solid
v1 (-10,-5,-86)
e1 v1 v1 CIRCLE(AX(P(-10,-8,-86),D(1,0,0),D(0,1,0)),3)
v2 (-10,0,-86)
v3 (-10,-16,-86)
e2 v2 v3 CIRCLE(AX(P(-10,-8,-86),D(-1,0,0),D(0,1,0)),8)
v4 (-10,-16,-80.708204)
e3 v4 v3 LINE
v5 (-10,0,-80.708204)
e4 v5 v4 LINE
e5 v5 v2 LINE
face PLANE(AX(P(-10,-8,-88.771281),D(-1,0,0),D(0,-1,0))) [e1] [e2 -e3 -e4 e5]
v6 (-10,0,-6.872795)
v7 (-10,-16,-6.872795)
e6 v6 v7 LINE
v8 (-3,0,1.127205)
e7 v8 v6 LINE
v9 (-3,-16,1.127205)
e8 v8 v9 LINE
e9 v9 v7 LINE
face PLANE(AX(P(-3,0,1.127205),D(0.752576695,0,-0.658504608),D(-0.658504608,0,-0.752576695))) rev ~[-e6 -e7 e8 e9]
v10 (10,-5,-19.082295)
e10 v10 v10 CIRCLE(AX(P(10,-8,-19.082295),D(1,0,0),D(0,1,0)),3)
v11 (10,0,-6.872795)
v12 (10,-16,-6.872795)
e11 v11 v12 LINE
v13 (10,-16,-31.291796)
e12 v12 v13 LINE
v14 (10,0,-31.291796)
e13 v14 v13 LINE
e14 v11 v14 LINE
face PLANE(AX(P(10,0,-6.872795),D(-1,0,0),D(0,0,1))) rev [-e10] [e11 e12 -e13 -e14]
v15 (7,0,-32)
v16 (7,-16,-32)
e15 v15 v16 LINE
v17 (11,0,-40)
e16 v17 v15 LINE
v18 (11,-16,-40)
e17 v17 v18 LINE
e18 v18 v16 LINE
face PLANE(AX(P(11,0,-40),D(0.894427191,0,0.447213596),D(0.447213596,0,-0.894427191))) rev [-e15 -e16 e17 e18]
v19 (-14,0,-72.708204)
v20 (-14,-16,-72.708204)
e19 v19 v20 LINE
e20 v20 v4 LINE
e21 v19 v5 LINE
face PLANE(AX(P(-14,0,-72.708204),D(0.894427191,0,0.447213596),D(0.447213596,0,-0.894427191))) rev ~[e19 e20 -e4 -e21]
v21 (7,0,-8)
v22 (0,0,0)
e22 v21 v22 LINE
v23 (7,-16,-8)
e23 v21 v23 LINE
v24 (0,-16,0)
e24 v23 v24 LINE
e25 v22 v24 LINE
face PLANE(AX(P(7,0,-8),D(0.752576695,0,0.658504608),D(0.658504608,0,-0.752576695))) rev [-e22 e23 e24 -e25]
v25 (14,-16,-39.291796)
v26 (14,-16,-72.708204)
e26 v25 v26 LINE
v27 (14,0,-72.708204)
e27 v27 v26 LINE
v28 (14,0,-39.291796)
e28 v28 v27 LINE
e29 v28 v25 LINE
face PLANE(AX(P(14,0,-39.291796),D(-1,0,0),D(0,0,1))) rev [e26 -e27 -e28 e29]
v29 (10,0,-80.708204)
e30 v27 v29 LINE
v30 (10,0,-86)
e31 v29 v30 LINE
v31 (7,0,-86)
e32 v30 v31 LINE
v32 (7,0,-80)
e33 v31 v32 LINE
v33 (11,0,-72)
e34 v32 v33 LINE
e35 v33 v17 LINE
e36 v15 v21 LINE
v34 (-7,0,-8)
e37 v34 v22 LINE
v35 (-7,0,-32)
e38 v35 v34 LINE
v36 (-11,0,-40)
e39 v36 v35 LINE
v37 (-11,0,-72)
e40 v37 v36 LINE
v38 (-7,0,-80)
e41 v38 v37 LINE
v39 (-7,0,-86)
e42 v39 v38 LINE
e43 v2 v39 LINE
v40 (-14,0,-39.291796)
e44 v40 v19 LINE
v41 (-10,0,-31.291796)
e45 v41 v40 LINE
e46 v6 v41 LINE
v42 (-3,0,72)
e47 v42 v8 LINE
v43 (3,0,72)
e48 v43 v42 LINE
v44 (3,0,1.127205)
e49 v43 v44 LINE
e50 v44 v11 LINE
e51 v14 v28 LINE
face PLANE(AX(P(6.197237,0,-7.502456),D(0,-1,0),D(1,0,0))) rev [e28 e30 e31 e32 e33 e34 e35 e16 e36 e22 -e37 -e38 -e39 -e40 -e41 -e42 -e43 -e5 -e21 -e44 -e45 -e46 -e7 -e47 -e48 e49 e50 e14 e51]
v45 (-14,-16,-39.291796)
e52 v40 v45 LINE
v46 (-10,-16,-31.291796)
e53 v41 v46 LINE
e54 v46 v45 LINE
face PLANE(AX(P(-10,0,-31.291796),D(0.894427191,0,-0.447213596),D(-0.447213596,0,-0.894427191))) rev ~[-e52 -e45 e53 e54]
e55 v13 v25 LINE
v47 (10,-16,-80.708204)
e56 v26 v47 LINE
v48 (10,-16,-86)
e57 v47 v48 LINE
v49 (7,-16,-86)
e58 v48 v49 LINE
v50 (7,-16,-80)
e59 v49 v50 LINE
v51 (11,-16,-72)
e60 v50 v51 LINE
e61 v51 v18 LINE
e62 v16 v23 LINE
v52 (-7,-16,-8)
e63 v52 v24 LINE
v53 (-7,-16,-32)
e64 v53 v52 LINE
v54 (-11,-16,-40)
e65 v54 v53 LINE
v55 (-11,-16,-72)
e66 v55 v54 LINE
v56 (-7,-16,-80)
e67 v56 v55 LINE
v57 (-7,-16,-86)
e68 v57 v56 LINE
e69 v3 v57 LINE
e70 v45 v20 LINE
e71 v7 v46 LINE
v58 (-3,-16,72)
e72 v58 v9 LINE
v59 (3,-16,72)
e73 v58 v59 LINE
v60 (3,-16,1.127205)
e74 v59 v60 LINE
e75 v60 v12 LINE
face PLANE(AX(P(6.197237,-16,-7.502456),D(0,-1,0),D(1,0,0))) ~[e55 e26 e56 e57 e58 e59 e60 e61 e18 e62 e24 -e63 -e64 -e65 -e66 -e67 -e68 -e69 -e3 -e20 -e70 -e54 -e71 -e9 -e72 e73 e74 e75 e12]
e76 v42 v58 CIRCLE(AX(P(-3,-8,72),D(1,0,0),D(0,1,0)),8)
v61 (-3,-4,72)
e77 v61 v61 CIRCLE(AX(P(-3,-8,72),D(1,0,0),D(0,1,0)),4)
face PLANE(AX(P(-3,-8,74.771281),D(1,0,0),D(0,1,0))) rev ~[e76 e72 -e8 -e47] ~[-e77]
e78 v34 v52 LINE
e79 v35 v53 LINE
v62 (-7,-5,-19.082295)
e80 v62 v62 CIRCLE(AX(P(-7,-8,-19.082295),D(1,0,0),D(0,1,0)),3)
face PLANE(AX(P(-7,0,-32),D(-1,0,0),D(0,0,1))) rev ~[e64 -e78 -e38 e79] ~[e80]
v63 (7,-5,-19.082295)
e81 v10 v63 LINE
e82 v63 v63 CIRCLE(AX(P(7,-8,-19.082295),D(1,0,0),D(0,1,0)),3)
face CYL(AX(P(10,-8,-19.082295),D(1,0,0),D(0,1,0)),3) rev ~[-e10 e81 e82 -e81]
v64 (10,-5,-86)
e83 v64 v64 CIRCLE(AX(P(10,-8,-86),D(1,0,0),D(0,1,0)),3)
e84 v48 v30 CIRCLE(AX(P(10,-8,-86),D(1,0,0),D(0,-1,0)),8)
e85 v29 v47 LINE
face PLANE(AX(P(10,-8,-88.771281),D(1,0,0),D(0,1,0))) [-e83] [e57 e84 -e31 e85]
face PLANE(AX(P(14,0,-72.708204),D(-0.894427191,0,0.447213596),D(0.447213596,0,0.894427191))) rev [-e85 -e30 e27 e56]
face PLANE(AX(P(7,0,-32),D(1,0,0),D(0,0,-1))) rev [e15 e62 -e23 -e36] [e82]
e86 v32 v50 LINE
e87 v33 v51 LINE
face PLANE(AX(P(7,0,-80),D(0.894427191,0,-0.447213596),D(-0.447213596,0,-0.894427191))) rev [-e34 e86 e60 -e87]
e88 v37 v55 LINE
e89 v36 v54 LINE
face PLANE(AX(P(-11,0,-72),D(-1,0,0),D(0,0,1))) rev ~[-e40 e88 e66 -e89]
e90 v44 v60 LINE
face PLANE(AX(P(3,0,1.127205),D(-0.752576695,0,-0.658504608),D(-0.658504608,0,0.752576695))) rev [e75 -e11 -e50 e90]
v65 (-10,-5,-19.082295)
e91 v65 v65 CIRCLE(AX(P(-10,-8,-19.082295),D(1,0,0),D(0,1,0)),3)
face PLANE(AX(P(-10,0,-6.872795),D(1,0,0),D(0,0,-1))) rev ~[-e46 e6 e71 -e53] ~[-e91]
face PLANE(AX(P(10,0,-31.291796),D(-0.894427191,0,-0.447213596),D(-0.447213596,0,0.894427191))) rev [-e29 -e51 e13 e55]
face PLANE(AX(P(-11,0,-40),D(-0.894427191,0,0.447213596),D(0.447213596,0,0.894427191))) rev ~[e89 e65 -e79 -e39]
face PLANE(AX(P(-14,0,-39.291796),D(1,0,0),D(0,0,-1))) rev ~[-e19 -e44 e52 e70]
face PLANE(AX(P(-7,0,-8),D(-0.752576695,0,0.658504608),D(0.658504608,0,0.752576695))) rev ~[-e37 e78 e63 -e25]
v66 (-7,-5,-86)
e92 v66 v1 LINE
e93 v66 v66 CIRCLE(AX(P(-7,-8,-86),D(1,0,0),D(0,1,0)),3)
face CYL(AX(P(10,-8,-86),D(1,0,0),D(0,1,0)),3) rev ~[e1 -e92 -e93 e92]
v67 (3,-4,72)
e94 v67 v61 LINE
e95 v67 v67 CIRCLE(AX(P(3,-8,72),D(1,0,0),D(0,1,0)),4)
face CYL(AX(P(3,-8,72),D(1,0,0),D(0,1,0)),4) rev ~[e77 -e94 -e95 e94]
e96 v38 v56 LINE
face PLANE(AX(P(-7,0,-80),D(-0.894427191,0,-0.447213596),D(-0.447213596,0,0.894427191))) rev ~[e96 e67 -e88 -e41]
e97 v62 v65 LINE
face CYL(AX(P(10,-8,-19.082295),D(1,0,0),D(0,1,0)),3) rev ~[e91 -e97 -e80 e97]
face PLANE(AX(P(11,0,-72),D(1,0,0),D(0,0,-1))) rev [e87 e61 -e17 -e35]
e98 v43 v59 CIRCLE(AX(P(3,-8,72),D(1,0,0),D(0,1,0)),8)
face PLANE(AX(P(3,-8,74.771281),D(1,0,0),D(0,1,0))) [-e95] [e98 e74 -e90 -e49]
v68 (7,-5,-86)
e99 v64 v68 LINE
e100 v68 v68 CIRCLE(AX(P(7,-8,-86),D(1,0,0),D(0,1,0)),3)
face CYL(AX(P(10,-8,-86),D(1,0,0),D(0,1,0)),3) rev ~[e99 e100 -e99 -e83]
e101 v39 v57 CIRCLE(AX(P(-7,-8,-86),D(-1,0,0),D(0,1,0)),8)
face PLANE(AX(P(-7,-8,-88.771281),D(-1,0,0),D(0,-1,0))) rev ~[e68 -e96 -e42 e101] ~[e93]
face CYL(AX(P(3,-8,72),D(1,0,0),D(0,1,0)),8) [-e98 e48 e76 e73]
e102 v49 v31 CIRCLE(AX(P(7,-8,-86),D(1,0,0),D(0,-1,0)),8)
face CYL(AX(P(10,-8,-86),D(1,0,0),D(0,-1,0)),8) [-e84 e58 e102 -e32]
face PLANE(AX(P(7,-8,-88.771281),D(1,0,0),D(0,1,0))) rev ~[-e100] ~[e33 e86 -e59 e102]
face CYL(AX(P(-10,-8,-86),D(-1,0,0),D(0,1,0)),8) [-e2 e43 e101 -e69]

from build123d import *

# Parameters (mm, degrees)
F1_DEPTH  = 16
F6_DEPTH  = 6
F7_DEPTH  = 3
F8_DEPTH  = 3
F9_R      = 4
F12_DEPTH = 25
F11_R     = 3
F13_DEPTH = 50
F10_R     = 3
F14_DEPTH = 50


with BuildPart() as f1:
    # F0 (on Front) → F1 (new body)
    with BuildSketch(Plane.XZ):
        Polygon((0, 0), (0, 72), (-3, 72), (-3, 1.127205), (-10, -6.872795), (-10, -31.291796), (-14, -39.291796), (-14, -72.708204), (-10, -80.708204), (-10, -86), (-7, -86), (-7, -80), (-11, -72), (-11, -40), (-7, -32), (-7, -8), align=None)
    extrude(amount=F1_DEPTH)

    # F2: F1 across plane


with BuildPart() as f1_1:
    add(f1.part)
    add(f1.part.mirror(Plane.YZ))

    # F3 (on face) → F6 (join)
    with BuildSketch(Plane.YZ.offset(3)):
        with BuildLine():
            Line((-16, 72), (0, 72))
            ThreePointArc((0, 72), (-8, 80), (-16, 72))
        make_face()
    extrude(amount=-F6_DEPTH)

    # F5 (on face) → F7 (join)
    with BuildSketch(Plane(origin=(-10, 0, 0), x_dir=(0, -1, 0), z_dir=(-1, 0, 0))):
        with BuildLine():
            Line((16, -86), (0, -86))
            ThreePointArc((0, -86), (8, -94), (16, -86))
        make_face()
    extrude(amount=-F7_DEPTH)

    # F4 (on face) → F8 (join)
    with BuildSketch(Plane.YZ.offset(10)):
        with BuildLine():
            Line((0, -86), (-16, -86))
            ThreePointArc((-16, -86), (-8, -94), (0, -86))
        make_face()
    extrude(amount=-F8_DEPTH)

    # F9 (on face) → F12 (cut)
    with BuildSketch(Plane.YZ.offset(3)):
        with Locations((-8, 72)):
            Circle(F9_R)
    extrude(amount=-F12_DEPTH, mode=Mode.SUBTRACT)

    # F11 (on face) → F13 (cut)
    with BuildSketch(Plane.YZ.offset(10)):
        with Locations((-8, -19.082295)):
            Circle(F11_R)
    extrude(amount=-F13_DEPTH, mode=Mode.SUBTRACT)

    # F10 (on face) → F14 (cut)
    with BuildSketch(Plane.YZ.offset(10)):
        with Locations((-8, -86)):
            Circle(F10_R)
    extrude(amount=-F14_DEPTH, mode=Mode.SUBTRACT)


solid = f1_1.part
